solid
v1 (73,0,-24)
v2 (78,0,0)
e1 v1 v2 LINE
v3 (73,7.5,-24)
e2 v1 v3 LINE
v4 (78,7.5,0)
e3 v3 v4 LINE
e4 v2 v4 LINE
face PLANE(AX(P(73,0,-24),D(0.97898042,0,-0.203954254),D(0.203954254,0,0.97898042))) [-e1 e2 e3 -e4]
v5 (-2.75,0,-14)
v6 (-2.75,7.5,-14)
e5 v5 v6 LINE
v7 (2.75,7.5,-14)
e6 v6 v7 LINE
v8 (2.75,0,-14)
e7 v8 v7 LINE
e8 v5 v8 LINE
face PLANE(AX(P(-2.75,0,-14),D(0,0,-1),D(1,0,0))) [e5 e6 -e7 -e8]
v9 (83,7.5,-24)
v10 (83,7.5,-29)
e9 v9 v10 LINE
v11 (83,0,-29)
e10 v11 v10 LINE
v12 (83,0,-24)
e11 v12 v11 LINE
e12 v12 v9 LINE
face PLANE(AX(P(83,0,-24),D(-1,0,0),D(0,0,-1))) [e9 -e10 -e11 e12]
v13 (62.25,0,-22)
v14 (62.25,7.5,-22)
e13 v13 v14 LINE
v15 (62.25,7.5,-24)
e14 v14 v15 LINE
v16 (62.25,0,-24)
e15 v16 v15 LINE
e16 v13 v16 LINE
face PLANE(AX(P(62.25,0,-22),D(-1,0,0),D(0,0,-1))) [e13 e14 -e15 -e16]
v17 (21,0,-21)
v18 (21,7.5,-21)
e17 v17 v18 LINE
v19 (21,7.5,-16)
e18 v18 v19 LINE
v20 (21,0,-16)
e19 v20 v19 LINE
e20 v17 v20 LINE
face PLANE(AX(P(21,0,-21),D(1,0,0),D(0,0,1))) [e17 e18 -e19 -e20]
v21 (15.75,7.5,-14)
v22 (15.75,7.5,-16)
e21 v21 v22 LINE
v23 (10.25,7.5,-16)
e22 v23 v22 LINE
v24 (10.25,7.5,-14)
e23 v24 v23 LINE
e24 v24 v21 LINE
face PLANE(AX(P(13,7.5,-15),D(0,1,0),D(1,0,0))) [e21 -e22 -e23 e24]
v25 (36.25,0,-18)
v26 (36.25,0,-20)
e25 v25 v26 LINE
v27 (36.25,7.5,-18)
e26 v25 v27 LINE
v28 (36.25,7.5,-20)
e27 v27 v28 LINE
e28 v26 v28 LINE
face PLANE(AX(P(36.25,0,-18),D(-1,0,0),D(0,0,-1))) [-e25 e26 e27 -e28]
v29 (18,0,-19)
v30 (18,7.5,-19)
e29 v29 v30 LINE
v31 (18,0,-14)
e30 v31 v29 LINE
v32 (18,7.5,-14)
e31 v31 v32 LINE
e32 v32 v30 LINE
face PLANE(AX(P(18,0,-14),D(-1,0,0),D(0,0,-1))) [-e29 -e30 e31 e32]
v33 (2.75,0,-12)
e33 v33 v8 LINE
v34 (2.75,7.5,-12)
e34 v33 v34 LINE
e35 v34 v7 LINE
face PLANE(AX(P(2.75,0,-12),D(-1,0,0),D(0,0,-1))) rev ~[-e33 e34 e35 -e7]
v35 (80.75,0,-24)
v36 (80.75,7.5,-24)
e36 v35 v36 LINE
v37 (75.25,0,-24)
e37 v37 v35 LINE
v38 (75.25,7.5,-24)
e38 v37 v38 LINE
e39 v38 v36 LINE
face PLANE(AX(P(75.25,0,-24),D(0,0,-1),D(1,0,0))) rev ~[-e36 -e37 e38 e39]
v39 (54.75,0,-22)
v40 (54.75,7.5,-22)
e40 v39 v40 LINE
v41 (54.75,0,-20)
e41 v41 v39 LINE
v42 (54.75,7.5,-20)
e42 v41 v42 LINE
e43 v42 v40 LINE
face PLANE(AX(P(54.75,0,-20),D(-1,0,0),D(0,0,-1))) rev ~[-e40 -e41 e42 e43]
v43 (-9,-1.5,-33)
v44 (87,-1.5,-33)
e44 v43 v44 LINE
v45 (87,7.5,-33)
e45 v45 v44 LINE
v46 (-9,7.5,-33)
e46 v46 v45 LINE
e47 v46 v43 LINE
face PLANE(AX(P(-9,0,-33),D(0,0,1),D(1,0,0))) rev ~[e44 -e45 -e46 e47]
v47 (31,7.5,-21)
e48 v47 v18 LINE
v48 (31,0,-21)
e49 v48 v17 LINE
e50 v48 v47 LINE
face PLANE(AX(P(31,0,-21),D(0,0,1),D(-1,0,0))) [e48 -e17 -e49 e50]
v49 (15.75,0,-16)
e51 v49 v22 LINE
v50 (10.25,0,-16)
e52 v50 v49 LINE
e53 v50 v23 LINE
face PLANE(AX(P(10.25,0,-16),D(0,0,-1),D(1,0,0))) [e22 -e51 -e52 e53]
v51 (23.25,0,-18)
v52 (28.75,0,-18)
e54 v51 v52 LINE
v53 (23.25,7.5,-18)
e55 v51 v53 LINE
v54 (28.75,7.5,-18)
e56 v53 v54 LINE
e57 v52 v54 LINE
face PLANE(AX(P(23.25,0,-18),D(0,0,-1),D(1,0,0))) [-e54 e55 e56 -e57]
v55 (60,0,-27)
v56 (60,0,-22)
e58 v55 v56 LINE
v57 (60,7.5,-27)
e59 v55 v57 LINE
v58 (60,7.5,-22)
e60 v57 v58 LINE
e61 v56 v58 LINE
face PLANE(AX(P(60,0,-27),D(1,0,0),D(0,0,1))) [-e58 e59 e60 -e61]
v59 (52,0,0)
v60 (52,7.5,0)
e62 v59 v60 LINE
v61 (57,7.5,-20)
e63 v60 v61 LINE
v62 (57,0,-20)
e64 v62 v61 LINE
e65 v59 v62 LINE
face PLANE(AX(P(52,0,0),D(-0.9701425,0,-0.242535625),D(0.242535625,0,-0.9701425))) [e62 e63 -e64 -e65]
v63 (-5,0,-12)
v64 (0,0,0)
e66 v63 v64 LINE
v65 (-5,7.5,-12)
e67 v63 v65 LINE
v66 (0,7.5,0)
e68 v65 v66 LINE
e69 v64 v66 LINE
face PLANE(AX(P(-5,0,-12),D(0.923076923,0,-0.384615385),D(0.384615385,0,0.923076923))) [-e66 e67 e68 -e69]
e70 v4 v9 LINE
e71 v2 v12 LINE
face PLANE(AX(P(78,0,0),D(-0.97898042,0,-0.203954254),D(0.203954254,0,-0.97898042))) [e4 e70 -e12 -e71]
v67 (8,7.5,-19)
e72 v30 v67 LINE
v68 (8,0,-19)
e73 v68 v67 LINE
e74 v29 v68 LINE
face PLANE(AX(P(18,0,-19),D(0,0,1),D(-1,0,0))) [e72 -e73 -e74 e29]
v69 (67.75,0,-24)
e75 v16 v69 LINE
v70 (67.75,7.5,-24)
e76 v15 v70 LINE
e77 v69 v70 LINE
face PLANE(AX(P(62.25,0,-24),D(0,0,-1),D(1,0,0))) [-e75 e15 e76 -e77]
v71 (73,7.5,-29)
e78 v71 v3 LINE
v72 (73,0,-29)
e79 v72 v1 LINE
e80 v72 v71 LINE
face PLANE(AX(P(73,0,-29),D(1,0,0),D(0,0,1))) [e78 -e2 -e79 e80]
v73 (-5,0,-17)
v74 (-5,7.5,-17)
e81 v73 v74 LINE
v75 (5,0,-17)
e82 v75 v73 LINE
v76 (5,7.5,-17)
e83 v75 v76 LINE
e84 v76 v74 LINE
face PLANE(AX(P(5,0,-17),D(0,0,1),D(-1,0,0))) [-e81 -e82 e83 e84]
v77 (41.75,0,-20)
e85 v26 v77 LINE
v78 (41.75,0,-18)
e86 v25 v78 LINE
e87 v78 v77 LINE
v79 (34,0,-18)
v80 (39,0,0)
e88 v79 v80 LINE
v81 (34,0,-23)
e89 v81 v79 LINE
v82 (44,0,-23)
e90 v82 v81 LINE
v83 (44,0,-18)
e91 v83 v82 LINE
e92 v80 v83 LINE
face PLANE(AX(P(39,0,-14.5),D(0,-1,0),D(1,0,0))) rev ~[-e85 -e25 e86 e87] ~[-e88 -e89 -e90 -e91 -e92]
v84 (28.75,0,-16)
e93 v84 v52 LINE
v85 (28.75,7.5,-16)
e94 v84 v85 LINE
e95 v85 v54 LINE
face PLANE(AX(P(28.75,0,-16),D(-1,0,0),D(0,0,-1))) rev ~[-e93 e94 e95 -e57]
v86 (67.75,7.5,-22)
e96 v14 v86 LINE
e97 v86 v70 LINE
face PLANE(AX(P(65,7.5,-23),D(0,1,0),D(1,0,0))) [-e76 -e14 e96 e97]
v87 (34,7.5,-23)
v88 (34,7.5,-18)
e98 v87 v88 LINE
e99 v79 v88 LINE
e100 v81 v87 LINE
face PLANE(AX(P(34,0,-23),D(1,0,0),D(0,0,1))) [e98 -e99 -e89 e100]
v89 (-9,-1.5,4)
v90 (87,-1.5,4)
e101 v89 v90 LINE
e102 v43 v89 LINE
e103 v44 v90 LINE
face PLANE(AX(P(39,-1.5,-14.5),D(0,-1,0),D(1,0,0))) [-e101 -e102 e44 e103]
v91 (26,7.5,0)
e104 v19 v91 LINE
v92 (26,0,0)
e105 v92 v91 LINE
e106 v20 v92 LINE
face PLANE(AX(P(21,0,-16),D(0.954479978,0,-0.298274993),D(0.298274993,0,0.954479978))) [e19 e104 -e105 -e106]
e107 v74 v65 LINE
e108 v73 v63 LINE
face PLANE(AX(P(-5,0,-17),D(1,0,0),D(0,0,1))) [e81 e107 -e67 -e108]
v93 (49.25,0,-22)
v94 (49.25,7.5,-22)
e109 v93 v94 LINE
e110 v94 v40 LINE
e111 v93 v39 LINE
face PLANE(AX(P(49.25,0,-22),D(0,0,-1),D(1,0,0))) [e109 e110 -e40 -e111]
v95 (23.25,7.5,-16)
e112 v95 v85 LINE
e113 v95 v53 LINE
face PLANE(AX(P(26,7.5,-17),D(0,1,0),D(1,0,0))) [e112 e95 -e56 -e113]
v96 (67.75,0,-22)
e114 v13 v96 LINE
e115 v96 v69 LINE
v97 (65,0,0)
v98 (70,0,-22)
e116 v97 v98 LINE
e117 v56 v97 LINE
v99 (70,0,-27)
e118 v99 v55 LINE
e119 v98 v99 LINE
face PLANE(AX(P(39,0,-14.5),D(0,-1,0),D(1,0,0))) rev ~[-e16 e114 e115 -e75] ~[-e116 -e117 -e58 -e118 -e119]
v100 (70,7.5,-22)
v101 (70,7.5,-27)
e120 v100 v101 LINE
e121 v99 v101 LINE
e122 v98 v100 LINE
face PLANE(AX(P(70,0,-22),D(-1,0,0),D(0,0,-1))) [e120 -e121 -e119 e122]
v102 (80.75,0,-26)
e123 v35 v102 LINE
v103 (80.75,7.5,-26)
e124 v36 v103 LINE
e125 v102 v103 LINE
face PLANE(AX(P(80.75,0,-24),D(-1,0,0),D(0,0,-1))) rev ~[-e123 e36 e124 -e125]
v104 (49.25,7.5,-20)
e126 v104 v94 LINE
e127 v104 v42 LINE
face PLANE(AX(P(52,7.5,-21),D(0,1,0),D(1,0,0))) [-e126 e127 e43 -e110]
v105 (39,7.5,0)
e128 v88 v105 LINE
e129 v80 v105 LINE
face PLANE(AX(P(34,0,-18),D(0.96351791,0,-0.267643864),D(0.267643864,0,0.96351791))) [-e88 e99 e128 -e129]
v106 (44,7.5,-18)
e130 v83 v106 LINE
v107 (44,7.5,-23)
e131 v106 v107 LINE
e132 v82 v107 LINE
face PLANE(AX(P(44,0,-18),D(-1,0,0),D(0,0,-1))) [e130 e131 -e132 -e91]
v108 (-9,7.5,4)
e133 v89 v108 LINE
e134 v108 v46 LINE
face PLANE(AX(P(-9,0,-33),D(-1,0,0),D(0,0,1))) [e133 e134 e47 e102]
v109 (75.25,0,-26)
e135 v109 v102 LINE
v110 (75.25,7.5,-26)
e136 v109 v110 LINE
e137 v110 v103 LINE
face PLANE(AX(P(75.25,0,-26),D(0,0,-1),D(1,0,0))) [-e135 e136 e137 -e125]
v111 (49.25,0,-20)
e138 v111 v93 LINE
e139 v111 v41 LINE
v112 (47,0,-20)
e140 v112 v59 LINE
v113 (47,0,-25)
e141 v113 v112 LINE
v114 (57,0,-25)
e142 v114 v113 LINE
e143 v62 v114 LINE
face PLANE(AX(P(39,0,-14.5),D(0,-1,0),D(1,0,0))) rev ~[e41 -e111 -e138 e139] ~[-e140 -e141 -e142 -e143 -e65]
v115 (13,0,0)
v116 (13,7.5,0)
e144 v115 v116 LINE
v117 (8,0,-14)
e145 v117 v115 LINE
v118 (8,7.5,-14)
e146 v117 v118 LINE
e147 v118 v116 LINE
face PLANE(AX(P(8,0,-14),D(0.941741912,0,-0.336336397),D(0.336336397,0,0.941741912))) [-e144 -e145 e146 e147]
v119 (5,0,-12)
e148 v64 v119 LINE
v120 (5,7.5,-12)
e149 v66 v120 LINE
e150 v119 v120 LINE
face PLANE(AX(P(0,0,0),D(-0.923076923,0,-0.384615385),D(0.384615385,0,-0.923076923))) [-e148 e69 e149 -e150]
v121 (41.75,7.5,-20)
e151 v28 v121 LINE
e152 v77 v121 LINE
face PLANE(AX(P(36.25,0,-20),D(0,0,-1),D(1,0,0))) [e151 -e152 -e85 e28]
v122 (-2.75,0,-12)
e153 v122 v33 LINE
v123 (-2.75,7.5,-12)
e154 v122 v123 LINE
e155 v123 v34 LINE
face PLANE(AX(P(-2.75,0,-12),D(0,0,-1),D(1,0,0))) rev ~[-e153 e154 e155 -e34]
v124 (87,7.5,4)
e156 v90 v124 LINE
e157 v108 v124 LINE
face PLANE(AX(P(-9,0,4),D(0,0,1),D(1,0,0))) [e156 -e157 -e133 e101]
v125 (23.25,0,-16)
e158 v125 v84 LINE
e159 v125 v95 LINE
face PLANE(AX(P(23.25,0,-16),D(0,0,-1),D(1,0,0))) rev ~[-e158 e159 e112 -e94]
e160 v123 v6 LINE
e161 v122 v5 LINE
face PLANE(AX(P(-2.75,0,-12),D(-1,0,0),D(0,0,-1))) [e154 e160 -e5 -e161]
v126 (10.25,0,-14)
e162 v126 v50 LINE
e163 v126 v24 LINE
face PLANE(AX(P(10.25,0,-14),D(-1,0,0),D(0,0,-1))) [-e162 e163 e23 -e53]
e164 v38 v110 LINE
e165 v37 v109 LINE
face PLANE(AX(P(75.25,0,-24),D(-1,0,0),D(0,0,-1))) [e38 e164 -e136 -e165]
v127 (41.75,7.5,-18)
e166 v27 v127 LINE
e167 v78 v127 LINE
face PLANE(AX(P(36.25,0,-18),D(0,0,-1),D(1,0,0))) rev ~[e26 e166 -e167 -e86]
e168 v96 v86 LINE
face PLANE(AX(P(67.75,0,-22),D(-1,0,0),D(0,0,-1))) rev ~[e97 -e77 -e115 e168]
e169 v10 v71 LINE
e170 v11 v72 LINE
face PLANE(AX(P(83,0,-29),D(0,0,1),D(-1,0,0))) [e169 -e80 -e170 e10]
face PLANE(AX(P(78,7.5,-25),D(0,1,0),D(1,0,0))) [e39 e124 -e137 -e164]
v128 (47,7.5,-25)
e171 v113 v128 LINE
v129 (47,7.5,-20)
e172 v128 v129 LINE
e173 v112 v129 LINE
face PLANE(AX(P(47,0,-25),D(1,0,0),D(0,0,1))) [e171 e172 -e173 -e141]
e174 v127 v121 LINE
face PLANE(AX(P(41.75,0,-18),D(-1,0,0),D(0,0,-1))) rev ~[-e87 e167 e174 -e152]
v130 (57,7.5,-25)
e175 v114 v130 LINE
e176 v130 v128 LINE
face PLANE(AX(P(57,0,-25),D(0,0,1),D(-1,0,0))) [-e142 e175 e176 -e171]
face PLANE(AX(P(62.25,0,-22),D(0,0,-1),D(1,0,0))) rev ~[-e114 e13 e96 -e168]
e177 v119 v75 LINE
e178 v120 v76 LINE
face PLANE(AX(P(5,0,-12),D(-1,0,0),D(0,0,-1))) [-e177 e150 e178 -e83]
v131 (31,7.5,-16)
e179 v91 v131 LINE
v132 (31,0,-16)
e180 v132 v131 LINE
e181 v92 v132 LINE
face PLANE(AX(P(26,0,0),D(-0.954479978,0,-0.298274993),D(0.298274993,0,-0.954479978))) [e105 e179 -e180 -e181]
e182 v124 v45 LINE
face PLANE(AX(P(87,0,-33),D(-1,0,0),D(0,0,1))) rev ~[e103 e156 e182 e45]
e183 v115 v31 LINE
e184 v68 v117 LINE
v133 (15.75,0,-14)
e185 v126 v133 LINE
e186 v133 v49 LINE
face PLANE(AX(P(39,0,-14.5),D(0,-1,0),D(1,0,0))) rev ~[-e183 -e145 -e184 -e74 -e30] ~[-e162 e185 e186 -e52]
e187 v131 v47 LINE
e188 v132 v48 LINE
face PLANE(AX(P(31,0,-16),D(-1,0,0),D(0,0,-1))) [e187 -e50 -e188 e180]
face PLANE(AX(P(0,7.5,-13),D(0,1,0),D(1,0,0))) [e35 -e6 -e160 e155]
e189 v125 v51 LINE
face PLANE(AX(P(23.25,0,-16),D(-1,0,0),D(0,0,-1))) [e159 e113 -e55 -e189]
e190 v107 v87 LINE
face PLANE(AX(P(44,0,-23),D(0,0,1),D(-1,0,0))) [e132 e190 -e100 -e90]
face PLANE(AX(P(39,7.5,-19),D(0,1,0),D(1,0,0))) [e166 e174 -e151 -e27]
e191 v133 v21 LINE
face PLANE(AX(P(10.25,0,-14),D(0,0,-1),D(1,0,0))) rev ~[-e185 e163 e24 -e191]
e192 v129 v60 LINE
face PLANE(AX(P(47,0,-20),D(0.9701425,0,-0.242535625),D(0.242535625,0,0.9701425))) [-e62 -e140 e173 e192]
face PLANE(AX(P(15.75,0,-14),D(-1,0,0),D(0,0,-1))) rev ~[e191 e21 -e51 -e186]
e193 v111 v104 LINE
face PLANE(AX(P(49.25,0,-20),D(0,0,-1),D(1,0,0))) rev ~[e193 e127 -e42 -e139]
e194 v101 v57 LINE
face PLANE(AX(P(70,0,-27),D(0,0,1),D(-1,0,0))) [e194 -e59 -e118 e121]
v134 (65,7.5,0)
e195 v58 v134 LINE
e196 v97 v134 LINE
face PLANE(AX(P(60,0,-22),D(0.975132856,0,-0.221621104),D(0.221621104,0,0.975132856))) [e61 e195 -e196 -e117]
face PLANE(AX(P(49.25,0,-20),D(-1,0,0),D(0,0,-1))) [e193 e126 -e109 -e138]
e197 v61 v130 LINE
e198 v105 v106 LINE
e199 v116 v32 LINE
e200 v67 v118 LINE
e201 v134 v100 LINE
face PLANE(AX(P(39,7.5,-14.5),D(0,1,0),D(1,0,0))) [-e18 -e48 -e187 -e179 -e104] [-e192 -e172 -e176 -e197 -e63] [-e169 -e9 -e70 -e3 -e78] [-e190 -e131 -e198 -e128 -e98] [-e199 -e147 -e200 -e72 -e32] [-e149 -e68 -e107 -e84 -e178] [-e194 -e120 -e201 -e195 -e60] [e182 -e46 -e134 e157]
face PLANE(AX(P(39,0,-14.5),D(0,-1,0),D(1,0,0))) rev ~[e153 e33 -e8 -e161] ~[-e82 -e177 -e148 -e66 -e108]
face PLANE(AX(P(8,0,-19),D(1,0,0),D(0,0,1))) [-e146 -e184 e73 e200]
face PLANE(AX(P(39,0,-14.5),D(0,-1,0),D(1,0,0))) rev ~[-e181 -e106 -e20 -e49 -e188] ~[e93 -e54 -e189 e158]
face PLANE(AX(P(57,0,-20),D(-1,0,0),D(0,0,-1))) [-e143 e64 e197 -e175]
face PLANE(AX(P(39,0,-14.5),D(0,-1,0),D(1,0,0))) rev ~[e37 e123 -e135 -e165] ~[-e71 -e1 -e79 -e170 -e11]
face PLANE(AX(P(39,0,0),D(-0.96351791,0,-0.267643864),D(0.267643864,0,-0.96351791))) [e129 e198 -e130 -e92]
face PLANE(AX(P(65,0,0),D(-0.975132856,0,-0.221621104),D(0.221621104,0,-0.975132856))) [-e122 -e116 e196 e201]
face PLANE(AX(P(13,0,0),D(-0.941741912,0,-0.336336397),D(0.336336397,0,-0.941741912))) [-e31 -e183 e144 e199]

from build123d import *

# Parameters (mm, degrees)
FLAPS_W               = 96
FLAPS_H               = 37
BOSS_EXTRUDE1_DEPTH   = 7.5
FLAPS_W_2             = 5.5
FLAPS_H_2             = 2
BOSS_EXTRUDE1_2_DEPTH = 7.5
BOSS_EXTRUDE1_3_DEPTH = 7.5
BOSS_EXTRUDE1_4_DEPTH = 7.5
BOSS_EXTRUDE1_5_DEPTH = 7.5
BOSS_EXTRUDE1_6_DEPTH = 7.5
BOSS_EXTRUDE1_7_DEPTH = 7.5
BOSS_EXTRUDE1_8_DEPTH = 7.5
SKETCH2_W             = 96
SKETCH2_H             = 37
BOSS_EXTRUDE2_DEPTH   = 1.5


with BuildPart() as part:
    # Flaps → Boss-Extrude1 (new body)
    with BuildSketch(Plane(origin=(0, 0, 0), x_dir=(1, 0, 0), z_dir=(0, 1, 0))):
        with Locations((39, 14.5)):
            Rectangle(FLAPS_W, FLAPS_H)
        Polygon((78, 0), (83, 24), (83, 29), (73, 29), (73, 24), align=None, mode=Mode.SUBTRACT)
        Polygon((65, 0), (70, 22), (70, 27), (60, 27), (60, 22), align=None, mode=Mode.SUBTRACT)
        Polygon((52, 0), (57, 20), (57, 25), (47, 25), (47, 20), align=None, mode=Mode.SUBTRACT)
        Polygon((39, 0), (44, 18), (44, 23), (34, 23), (34, 18), align=None, mode=Mode.SUBTRACT)
        Polygon((26, 0), (31, 16), (31, 21), (21, 21), (21, 16), align=None, mode=Mode.SUBTRACT)
        Polygon((13, 0), (18, 14), (18, 19), (8, 19), (8, 14), align=None, mode=Mode.SUBTRACT)
        Polygon((0, 0), (5, 12), (5, 17), (-5, 17), (-5, 12), align=None, mode=Mode.SUBTRACT)
    extrude(amount=BOSS_EXTRUDE1_DEPTH)



with BuildPart() as body_2:
    # Flaps → Boss-Extrude1 2 (new body)
    with BuildSketch(Plane(origin=(0, 0, 0), x_dir=(1, 0, 0), z_dir=(0, 1, 0))):
        with Locations((0, 13)):
            Rectangle(FLAPS_W_2, FLAPS_H_2)
    extrude(amount=BOSS_EXTRUDE1_2_DEPTH)


with BuildPart() as body_3:
    # Flaps → Boss-Extrude1 3 (new body)
    with BuildSketch(Plane(origin=(0, 0, 0), x_dir=(1, 0, 0), z_dir=(0, 1, 0))):
        with Locations((13, 15)):
            Rectangle(FLAPS_W_2, FLAPS_H_2)
    extrude(amount=BOSS_EXTRUDE1_3_DEPTH)


with BuildPart() as body_4:
    # Flaps → Boss-Extrude1 4 (new body)
    with BuildSketch(Plane(origin=(0, 0, 0), x_dir=(1, 0, 0), z_dir=(0, 1, 0))):
        with Locations((26, 17)):
            Rectangle(FLAPS_W_2, FLAPS_H_2)
    extrude(amount=BOSS_EXTRUDE1_4_DEPTH)


with BuildPart() as body_5:
    # Flaps → Boss-Extrude1 5 (new body)
    with BuildSketch(Plane(origin=(0, 0, 0), x_dir=(1, 0, 0), z_dir=(0, 1, 0))):
        with Locations((39, 19)):
            Rectangle(FLAPS_W_2, FLAPS_H_2)
    extrude(amount=BOSS_EXTRUDE1_5_DEPTH)


with BuildPart() as body_6:
    # Flaps → Boss-Extrude1 6 (new body)
    with BuildSketch(Plane(origin=(0, 0, 0), x_dir=(1, 0, 0), z_dir=(0, 1, 0))):
        with Locations((52, 21)):
            Rectangle(FLAPS_W_2, FLAPS_H_2)
    extrude(amount=BOSS_EXTRUDE1_6_DEPTH)


with BuildPart() as body_7:
    # Flaps → Boss-Extrude1 7 (new body)
    with BuildSketch(Plane(origin=(0, 0, 0), x_dir=(1, 0, 0), z_dir=(0, 1, 0))):
        with Locations((65, 23)):
            Rectangle(FLAPS_W_2, FLAPS_H_2)
    extrude(amount=BOSS_EXTRUDE1_7_DEPTH)


with BuildPart() as body_8:
    # Flaps → Boss-Extrude1 8 (new body)
    with BuildSketch(Plane(origin=(0, 0, 0), x_dir=(1, 0, 0), z_dir=(0, 1, 0))):
        with Locations((78, 25)):
            Rectangle(FLAPS_W_2, FLAPS_H_2)
    extrude(amount=BOSS_EXTRUDE1_8_DEPTH)


with BuildPart() as part_1:
    add(part.part)

    add(body_2.part)  # Boss-Extrude2 merges body 2

    add(body_3.part)  # Boss-Extrude2 merges body 3

    add(body_4.part)  # Boss-Extrude2 merges body 4

    add(body_5.part)  # Boss-Extrude2 merges body 5

    add(body_6.part)  # Boss-Extrude2 merges body 6

    add(body_7.part)  # Boss-Extrude2 merges body 7

    add(body_8.part)  # Boss-Extrude2 merges body 8
    # Sketch2 → Boss-Extrude2 (add)
    with BuildSketch(Plane.XZ):
        with Locations((39, -14.5)):
            Rectangle(SKETCH2_W, SKETCH2_H)
    extrude(amount=BOSS_EXTRUDE2_DEPTH)


solid = part_1.part
